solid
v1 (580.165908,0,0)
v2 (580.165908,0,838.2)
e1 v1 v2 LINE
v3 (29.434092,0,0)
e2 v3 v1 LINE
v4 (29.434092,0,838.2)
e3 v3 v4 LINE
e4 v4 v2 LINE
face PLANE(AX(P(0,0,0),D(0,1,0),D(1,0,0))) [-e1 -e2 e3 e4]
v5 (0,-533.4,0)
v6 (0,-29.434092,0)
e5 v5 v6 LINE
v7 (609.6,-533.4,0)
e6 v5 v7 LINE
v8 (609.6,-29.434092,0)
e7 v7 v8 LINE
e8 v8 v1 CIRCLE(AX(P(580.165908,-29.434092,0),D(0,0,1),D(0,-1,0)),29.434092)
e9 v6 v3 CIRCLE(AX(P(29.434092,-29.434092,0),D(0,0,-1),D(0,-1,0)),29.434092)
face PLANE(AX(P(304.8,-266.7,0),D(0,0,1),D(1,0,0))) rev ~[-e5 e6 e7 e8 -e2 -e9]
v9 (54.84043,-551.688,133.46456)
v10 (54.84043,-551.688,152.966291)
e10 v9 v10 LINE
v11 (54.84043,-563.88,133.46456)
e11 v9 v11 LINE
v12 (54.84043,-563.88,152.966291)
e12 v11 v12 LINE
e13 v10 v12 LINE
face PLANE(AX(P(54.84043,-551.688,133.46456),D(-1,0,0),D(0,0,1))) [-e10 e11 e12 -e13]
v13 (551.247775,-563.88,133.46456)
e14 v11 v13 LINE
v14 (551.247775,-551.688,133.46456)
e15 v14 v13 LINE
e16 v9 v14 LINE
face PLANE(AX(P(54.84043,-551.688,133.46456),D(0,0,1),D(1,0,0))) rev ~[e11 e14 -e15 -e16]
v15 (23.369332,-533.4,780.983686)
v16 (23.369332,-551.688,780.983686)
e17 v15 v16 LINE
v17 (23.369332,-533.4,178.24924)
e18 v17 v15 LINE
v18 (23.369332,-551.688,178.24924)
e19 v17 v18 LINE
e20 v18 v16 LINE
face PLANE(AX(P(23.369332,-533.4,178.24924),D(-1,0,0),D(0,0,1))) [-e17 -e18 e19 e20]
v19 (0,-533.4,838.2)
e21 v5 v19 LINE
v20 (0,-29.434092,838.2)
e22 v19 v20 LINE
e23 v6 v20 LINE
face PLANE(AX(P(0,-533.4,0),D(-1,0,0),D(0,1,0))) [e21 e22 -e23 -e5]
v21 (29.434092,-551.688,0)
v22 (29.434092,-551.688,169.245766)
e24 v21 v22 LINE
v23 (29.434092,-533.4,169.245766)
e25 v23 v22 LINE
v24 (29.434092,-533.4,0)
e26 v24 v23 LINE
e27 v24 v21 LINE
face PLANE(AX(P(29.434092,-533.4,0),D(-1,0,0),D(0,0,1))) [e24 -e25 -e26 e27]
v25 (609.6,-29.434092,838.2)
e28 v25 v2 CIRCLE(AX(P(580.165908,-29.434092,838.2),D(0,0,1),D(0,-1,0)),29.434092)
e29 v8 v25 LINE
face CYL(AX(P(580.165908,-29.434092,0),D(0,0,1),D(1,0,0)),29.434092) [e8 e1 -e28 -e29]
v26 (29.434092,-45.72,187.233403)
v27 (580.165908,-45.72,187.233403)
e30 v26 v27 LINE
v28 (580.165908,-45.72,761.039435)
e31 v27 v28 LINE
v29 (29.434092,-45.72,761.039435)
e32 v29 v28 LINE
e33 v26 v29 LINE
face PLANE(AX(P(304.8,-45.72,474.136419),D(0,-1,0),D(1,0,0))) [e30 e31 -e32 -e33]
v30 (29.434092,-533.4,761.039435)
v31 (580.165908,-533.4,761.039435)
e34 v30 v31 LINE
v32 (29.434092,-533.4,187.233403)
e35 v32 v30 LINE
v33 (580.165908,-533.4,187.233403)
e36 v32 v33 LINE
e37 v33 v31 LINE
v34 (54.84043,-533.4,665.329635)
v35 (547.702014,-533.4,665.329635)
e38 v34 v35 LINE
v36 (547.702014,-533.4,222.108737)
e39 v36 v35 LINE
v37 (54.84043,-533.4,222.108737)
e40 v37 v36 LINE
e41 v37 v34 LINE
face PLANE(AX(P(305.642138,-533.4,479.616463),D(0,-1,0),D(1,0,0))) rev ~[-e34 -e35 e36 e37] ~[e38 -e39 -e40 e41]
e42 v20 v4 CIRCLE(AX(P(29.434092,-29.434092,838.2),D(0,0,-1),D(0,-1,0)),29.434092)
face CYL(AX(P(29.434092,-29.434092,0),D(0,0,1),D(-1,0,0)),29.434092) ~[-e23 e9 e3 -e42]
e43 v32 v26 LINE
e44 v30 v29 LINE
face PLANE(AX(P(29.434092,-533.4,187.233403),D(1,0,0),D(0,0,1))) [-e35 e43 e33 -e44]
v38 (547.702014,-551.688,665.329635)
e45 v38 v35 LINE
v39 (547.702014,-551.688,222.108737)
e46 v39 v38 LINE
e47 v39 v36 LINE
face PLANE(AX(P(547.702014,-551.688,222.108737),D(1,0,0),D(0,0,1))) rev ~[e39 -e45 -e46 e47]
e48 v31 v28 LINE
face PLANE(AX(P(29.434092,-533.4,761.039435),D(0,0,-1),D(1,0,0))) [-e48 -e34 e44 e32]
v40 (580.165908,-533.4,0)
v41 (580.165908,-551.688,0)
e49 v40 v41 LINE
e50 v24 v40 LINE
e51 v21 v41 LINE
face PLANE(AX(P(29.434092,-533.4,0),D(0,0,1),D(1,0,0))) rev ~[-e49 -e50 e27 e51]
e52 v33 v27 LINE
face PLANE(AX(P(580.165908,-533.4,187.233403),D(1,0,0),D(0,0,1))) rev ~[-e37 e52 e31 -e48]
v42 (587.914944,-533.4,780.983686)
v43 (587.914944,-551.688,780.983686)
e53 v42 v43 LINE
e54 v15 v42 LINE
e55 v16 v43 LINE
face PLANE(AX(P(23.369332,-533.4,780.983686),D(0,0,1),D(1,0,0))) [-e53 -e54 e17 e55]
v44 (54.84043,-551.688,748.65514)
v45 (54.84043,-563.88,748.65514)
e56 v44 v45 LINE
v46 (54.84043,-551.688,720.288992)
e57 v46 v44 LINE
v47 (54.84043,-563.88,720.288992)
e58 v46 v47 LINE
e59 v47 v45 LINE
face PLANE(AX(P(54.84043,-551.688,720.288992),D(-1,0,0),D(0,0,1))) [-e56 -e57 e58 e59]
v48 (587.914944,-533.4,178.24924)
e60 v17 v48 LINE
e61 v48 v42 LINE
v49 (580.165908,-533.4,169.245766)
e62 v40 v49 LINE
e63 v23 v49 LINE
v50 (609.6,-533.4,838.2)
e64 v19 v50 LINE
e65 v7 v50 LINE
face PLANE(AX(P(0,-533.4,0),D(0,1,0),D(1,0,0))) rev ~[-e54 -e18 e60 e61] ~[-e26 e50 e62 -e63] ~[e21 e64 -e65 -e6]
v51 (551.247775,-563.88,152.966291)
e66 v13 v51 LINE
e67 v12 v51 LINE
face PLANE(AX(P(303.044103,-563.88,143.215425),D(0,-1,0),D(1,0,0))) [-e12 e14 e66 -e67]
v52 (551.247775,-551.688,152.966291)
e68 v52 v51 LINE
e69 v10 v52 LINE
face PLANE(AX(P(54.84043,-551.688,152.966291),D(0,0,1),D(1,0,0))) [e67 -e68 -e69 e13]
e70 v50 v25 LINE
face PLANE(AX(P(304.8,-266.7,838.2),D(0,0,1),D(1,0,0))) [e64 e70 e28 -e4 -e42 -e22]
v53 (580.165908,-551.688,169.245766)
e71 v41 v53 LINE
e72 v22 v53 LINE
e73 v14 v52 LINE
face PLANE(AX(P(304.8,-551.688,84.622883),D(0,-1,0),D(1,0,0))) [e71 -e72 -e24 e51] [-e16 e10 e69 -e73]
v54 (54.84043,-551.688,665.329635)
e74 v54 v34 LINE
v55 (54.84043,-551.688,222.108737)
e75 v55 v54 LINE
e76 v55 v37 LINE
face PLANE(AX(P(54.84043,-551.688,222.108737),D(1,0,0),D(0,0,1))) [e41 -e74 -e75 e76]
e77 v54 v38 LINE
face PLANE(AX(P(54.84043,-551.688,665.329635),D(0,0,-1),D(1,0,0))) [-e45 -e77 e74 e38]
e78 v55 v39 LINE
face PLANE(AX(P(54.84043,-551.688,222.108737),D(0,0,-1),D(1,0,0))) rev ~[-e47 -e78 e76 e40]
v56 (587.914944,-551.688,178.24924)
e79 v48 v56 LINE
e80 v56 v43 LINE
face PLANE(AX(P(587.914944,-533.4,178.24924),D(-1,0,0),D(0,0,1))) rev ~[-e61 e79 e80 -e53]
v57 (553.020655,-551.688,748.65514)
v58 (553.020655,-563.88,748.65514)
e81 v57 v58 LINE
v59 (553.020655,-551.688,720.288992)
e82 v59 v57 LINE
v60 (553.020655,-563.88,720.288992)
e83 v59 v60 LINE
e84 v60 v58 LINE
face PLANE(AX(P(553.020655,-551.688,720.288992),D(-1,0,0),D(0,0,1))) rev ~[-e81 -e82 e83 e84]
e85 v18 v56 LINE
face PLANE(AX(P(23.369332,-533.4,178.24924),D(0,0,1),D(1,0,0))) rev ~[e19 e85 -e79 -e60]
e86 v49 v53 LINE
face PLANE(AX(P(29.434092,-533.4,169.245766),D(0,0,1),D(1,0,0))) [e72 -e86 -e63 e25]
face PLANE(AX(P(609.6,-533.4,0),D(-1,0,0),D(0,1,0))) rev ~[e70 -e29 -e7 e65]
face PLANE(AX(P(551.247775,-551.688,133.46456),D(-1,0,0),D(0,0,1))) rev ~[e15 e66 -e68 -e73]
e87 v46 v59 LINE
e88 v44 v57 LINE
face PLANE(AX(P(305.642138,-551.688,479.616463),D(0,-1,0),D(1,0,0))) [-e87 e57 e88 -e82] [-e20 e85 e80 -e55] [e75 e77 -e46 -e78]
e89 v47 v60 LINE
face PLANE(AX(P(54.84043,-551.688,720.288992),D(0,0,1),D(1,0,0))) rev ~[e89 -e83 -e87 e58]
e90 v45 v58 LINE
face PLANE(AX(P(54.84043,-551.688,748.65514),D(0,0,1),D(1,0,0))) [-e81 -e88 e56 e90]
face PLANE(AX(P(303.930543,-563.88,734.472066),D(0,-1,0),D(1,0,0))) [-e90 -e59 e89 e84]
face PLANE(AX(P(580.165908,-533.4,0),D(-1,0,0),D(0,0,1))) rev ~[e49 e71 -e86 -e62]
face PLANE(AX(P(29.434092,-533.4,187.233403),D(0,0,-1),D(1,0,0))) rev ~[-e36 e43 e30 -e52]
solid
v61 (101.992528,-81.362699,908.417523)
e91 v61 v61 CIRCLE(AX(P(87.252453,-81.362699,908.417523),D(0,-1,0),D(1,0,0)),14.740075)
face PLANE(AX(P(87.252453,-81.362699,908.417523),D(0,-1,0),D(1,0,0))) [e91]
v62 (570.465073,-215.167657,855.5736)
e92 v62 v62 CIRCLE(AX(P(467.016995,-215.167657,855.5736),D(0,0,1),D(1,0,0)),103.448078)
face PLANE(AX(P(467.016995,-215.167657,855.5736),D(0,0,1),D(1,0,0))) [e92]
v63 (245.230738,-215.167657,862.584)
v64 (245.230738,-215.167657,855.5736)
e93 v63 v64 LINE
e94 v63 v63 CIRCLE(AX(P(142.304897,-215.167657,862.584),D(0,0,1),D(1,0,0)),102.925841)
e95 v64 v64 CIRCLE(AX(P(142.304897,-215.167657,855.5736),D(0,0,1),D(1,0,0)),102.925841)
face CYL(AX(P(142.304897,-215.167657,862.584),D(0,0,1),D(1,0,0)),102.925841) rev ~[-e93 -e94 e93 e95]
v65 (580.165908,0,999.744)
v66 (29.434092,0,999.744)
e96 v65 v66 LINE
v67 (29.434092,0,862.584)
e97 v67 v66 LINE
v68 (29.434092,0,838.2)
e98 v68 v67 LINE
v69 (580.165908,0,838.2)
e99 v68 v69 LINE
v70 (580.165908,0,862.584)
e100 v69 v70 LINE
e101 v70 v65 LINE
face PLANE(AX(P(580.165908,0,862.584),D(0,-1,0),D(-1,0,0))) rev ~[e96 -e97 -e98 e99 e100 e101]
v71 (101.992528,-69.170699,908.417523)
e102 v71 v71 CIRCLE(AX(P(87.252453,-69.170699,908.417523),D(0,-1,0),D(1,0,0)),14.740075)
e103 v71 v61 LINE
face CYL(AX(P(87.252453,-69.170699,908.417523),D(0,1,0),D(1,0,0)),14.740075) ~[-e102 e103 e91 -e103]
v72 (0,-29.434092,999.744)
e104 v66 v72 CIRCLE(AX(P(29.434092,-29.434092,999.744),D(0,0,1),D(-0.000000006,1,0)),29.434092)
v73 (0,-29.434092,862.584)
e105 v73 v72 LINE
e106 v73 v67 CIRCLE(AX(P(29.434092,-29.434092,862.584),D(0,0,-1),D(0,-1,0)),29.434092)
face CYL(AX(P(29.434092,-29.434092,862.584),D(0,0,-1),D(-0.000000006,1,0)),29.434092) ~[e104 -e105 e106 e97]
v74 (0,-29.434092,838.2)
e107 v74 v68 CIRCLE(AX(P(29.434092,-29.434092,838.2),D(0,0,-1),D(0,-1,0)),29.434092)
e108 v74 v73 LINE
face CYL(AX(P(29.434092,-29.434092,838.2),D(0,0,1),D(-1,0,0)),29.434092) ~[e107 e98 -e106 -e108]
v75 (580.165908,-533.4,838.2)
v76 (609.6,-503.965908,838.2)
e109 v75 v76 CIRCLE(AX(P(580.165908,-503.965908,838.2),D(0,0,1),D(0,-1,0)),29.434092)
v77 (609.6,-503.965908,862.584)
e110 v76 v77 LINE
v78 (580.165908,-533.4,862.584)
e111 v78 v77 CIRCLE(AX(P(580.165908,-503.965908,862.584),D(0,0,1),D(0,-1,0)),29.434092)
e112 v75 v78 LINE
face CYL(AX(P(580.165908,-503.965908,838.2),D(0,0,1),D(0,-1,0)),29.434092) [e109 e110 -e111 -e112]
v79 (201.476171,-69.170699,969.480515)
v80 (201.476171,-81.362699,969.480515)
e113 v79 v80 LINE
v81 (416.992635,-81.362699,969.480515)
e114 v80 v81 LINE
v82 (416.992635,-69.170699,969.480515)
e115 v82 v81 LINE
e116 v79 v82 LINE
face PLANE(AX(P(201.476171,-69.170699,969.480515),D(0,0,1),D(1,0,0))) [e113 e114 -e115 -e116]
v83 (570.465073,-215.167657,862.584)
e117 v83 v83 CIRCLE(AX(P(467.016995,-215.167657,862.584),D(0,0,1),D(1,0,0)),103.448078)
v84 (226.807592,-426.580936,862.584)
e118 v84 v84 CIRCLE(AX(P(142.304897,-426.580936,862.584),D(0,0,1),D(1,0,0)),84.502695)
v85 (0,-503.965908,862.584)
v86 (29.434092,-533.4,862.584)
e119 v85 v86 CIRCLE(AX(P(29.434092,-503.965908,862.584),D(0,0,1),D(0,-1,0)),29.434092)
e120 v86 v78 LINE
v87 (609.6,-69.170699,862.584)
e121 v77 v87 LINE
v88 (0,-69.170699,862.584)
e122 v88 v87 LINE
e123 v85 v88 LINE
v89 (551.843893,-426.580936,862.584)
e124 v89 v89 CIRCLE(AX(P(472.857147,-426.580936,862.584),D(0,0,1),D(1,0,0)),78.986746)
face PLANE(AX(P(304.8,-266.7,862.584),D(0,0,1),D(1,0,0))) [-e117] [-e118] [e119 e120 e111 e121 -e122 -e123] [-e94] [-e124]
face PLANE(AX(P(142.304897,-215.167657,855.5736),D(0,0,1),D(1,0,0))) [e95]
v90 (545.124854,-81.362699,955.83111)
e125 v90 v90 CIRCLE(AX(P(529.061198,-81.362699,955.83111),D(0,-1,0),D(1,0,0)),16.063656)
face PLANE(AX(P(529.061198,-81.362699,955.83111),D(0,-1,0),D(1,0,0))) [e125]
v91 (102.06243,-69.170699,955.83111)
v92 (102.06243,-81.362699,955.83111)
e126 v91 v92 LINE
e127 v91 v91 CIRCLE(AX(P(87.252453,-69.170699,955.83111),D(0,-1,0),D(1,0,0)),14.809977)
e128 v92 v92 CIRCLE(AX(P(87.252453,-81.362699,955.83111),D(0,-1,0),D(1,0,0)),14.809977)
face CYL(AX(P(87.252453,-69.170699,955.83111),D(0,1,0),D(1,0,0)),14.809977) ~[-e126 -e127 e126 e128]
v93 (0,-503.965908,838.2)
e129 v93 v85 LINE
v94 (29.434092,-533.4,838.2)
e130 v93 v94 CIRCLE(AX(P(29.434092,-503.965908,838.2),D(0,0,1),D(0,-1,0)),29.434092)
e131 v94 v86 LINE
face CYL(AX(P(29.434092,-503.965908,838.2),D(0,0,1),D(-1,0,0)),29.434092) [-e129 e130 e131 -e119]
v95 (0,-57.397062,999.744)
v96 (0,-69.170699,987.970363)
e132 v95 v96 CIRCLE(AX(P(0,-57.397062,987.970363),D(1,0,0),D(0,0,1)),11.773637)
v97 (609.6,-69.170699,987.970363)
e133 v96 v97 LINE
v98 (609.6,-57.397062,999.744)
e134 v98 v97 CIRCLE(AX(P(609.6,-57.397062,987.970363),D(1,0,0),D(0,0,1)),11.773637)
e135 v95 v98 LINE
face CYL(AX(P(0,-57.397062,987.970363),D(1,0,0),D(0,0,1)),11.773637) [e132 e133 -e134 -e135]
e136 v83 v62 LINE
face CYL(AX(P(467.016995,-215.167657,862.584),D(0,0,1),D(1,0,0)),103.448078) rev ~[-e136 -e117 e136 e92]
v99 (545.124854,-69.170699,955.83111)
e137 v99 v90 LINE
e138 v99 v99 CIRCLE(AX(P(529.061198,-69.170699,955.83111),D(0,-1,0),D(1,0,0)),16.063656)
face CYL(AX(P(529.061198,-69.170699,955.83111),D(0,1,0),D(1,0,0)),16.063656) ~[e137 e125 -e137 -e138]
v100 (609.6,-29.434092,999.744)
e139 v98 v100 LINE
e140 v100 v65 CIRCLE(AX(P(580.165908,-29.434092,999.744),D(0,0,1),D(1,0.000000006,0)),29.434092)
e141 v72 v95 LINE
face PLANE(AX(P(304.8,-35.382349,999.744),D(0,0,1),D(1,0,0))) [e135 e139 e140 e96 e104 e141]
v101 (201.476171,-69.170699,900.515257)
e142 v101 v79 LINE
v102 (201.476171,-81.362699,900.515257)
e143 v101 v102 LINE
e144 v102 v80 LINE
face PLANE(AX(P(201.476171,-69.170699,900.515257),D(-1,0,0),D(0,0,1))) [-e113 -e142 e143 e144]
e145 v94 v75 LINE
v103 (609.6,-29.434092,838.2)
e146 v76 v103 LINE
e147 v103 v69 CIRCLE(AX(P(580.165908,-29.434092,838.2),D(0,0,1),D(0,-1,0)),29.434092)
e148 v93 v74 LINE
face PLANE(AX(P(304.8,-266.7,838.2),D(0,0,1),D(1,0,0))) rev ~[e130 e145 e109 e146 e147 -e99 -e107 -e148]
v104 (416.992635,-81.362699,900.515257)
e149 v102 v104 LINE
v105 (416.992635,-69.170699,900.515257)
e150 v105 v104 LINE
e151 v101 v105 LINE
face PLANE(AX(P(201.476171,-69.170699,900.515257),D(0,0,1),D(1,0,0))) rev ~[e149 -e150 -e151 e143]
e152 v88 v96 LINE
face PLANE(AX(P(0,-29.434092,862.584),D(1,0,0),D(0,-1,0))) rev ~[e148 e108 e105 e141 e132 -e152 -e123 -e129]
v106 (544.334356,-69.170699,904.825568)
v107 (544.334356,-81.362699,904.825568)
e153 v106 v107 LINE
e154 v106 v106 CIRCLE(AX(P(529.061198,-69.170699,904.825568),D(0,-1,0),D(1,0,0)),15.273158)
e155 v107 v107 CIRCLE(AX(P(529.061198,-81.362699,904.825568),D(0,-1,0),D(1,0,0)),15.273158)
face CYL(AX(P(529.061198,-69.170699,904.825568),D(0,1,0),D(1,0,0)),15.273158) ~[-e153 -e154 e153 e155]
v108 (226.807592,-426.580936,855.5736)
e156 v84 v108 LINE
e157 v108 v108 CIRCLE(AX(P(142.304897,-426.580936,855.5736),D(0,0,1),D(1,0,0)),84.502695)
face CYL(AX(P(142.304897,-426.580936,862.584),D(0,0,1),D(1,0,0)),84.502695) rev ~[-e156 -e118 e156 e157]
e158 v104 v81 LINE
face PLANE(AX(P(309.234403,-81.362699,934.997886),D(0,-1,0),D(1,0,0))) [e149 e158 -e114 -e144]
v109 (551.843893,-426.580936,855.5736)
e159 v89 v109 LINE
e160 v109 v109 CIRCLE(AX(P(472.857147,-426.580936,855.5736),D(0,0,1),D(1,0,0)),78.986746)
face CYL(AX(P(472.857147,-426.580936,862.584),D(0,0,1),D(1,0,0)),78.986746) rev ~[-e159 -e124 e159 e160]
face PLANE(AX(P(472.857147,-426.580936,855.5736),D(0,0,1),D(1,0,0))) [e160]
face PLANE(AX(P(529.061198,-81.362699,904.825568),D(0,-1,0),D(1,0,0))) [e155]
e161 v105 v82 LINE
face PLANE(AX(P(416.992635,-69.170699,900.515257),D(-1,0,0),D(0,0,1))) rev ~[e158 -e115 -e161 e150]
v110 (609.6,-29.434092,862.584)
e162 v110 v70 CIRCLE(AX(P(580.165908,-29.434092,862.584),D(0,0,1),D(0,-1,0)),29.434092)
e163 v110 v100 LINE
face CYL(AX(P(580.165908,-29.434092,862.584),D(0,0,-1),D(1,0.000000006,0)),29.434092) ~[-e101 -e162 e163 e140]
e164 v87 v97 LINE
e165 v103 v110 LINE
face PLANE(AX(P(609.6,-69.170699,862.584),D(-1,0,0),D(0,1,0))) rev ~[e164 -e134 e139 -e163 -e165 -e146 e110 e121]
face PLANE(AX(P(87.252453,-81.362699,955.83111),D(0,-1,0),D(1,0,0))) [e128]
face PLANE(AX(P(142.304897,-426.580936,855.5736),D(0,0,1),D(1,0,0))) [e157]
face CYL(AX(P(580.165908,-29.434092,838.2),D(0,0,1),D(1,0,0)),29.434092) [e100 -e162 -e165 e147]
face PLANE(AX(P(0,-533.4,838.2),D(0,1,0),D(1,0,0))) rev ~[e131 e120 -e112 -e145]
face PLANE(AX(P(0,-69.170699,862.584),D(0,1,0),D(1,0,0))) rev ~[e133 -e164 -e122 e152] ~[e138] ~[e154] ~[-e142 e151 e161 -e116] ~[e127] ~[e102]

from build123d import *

# Parameters (mm, degrees)
F0_W      = 609.6
F0_H      = 533.4
F1_DEPTH  = 838.2
F2_W      = 609.6
F2_H      = 533.4
F3_DEPTH  = 24.384
F4_R      = 29.434092
F5_R      = 29.434092
F6_R      = 102.925841
F6_R_2    = 103.448078
F6_R_3    = 84.502695
F6_R_4    = 78.986746
F7_DEPTH  = 7.0104
F8_W      = 550.731816
F8_H      = 573.806033
F9_DEPTH  = 487.68
F8_H_2    = 169.245765
F10_DEPTH = 18.288
F11_W     = 564.545611
F11_H     = 602.734446
F12_DEPTH = 18.288
F13_W     = 498.180225
F13_H     = 28.366148
F14_DEPTH = 12.192
F15_W     = 492.861583
F15_H     = 443.220898
F16_DEPTH = 70.104
F17_W     = 496.407345
F17_H     = 19.501731
F18_DEPTH = 12.192
F20_DEPTH = 137.16
F21_R     = 11.773637
F22_R     = 14.809977
F22_R_2   = 14.740075
F22_W     = 215.516463
F22_H     = 68.965257
F22_R_3   = 16.063656
F22_R_4   = 15.273158
F23_DEPTH = 12.192


with BuildPart() as f1:
    # F0 (on Top) → F1 (new body)
    with BuildSketch(Plane.XY):
        with Locations((304.8, -266.7)):
            Rectangle(F0_W, F0_H)
    extrude(amount=F1_DEPTH)

    # F5
    f5_edges = [f1.edges().sort_by_distance(p)[0] for p in [
        (609.6, 0, 419.1),
        (0, 0, 419.1),
    ]]
    fillet(f5_edges, radius=F5_R)

    # F8 (on face) → F9 (cut)
    with BuildSketch(Plane.XZ.offset(533.4)):
        with Locations((304.8, 474.136419)):
            Rectangle(F8_W, F8_H)
    extrude(amount=-F9_DEPTH, mode=Mode.SUBTRACT)

    # F8 (on face) → F10 (join)
    with BuildSketch(Plane.XZ.offset(533.4)):
        with Locations((304.8, 84.622883)):
            Rectangle(F8_W, F8_H_2)
    extrude(amount=F10_DEPTH)

    # F11 (on face) → F12 (join)
    with BuildSketch(Plane.XZ.offset(533.4)):
        with Locations((305.642138, 479.616463)):
            Rectangle(F11_W, F11_H)
    extrude(amount=F12_DEPTH)

    # F13 (on face) → F14 (join)
    with BuildSketch(Plane.XZ.offset(551.688)):
        with Locations((303.930543, 734.472066)):
            Rectangle(F13_W, F13_H)
    extrude(amount=F14_DEPTH)

    # F15 (on face) → F16 (cut)
    with BuildSketch(Plane.XZ.offset(551.688)):
        with Locations((301.271222, 443.719186)):
            Rectangle(F15_W, F15_H)
    extrude(amount=-F16_DEPTH, mode=Mode.SUBTRACT)

    # F17 (on face) → F18 (join)
    with BuildSketch(Plane.XZ.offset(551.688)):
        with Locations((303.044103, 143.215425)):
            Rectangle(F17_W, F17_H)
    extrude(amount=F18_DEPTH)


with BuildPart() as f3:
    # F2 (on face) → F3 (new body)
    with BuildSketch(Plane.XY.offset(838.2)):
        with Locations((304.8, -266.7)):
            Rectangle(F2_W, F2_H)
    extrude(amount=F3_DEPTH)

    # F4
    f4_edges = [f3.edges().sort_by_distance(p)[0] for p in [
        (609.6, -533.4, 850.392),
        (0, -533.4, 850.392),
        (0, 0, 850.392),
        (609.6, 0, 850.392),
    ]]
    fillet(f4_edges, radius=F4_R)

    # F6 (on face) → F7 (cut)
    with BuildSketch(Plane.XY.offset(862.584)):
        with Locations((142.304897, -215.167657)):
            Circle(F6_R)
        with Locations((467.016995, -215.167657)):
            Circle(F6_R_2)
        with Locations((142.304897, -426.580936)):
            Circle(F6_R_3)
        with Locations((472.857147, -426.580936)):
            Circle(F6_R_4)
    extrude(amount=-F7_DEPTH, mode=Mode.SUBTRACT)

    # F19 (on face) → F20 (join)
    with BuildSketch(Plane.XY.offset(862.584)):
        with BuildLine():
            Line((580.165908, 0), (29.434092, 0))
            ThreePointArc((29.434092, 0), (8.621046, -8.621046), (0, -29.434092))
            Line((0, -29.434092), (0, -69.170699))
            Line((0, -69.170699), (609.6, -69.170699))
            Line((609.6, -69.170699), (609.6, -29.434092))
            ThreePointArc((609.6, -29.434092), (600.978954, -8.621046), (580.165908, 0))
        make_face()
    extrude(amount=F20_DEPTH)

    # F21
    f21_edges = [f3.edges().sort_by_distance(p)[0] for p in [
        (304.8, -69.170699, 999.744),
    ]]
    fillet(f21_edges, radius=F21_R)

    # F22 (on face) → F23 (join)
    with BuildSketch(Plane.XZ.offset(69.170699)):
        with Locations((87.252453, 955.83111)):
            Circle(F22_R)
        with Locations((87.252453, 908.417523)):
            Circle(F22_R_2)
        with Locations((309.234403, 934.997886)):
            Rectangle(F22_W, F22_H)
        with Locations((529.061198, 955.83111)):
            Circle(F22_R_3)
        with Locations((529.061198, 904.825568)):
            Circle(F22_R_4)
    extrude(amount=F23_DEPTH)


solid = Compound([f1.part, f3.part])
